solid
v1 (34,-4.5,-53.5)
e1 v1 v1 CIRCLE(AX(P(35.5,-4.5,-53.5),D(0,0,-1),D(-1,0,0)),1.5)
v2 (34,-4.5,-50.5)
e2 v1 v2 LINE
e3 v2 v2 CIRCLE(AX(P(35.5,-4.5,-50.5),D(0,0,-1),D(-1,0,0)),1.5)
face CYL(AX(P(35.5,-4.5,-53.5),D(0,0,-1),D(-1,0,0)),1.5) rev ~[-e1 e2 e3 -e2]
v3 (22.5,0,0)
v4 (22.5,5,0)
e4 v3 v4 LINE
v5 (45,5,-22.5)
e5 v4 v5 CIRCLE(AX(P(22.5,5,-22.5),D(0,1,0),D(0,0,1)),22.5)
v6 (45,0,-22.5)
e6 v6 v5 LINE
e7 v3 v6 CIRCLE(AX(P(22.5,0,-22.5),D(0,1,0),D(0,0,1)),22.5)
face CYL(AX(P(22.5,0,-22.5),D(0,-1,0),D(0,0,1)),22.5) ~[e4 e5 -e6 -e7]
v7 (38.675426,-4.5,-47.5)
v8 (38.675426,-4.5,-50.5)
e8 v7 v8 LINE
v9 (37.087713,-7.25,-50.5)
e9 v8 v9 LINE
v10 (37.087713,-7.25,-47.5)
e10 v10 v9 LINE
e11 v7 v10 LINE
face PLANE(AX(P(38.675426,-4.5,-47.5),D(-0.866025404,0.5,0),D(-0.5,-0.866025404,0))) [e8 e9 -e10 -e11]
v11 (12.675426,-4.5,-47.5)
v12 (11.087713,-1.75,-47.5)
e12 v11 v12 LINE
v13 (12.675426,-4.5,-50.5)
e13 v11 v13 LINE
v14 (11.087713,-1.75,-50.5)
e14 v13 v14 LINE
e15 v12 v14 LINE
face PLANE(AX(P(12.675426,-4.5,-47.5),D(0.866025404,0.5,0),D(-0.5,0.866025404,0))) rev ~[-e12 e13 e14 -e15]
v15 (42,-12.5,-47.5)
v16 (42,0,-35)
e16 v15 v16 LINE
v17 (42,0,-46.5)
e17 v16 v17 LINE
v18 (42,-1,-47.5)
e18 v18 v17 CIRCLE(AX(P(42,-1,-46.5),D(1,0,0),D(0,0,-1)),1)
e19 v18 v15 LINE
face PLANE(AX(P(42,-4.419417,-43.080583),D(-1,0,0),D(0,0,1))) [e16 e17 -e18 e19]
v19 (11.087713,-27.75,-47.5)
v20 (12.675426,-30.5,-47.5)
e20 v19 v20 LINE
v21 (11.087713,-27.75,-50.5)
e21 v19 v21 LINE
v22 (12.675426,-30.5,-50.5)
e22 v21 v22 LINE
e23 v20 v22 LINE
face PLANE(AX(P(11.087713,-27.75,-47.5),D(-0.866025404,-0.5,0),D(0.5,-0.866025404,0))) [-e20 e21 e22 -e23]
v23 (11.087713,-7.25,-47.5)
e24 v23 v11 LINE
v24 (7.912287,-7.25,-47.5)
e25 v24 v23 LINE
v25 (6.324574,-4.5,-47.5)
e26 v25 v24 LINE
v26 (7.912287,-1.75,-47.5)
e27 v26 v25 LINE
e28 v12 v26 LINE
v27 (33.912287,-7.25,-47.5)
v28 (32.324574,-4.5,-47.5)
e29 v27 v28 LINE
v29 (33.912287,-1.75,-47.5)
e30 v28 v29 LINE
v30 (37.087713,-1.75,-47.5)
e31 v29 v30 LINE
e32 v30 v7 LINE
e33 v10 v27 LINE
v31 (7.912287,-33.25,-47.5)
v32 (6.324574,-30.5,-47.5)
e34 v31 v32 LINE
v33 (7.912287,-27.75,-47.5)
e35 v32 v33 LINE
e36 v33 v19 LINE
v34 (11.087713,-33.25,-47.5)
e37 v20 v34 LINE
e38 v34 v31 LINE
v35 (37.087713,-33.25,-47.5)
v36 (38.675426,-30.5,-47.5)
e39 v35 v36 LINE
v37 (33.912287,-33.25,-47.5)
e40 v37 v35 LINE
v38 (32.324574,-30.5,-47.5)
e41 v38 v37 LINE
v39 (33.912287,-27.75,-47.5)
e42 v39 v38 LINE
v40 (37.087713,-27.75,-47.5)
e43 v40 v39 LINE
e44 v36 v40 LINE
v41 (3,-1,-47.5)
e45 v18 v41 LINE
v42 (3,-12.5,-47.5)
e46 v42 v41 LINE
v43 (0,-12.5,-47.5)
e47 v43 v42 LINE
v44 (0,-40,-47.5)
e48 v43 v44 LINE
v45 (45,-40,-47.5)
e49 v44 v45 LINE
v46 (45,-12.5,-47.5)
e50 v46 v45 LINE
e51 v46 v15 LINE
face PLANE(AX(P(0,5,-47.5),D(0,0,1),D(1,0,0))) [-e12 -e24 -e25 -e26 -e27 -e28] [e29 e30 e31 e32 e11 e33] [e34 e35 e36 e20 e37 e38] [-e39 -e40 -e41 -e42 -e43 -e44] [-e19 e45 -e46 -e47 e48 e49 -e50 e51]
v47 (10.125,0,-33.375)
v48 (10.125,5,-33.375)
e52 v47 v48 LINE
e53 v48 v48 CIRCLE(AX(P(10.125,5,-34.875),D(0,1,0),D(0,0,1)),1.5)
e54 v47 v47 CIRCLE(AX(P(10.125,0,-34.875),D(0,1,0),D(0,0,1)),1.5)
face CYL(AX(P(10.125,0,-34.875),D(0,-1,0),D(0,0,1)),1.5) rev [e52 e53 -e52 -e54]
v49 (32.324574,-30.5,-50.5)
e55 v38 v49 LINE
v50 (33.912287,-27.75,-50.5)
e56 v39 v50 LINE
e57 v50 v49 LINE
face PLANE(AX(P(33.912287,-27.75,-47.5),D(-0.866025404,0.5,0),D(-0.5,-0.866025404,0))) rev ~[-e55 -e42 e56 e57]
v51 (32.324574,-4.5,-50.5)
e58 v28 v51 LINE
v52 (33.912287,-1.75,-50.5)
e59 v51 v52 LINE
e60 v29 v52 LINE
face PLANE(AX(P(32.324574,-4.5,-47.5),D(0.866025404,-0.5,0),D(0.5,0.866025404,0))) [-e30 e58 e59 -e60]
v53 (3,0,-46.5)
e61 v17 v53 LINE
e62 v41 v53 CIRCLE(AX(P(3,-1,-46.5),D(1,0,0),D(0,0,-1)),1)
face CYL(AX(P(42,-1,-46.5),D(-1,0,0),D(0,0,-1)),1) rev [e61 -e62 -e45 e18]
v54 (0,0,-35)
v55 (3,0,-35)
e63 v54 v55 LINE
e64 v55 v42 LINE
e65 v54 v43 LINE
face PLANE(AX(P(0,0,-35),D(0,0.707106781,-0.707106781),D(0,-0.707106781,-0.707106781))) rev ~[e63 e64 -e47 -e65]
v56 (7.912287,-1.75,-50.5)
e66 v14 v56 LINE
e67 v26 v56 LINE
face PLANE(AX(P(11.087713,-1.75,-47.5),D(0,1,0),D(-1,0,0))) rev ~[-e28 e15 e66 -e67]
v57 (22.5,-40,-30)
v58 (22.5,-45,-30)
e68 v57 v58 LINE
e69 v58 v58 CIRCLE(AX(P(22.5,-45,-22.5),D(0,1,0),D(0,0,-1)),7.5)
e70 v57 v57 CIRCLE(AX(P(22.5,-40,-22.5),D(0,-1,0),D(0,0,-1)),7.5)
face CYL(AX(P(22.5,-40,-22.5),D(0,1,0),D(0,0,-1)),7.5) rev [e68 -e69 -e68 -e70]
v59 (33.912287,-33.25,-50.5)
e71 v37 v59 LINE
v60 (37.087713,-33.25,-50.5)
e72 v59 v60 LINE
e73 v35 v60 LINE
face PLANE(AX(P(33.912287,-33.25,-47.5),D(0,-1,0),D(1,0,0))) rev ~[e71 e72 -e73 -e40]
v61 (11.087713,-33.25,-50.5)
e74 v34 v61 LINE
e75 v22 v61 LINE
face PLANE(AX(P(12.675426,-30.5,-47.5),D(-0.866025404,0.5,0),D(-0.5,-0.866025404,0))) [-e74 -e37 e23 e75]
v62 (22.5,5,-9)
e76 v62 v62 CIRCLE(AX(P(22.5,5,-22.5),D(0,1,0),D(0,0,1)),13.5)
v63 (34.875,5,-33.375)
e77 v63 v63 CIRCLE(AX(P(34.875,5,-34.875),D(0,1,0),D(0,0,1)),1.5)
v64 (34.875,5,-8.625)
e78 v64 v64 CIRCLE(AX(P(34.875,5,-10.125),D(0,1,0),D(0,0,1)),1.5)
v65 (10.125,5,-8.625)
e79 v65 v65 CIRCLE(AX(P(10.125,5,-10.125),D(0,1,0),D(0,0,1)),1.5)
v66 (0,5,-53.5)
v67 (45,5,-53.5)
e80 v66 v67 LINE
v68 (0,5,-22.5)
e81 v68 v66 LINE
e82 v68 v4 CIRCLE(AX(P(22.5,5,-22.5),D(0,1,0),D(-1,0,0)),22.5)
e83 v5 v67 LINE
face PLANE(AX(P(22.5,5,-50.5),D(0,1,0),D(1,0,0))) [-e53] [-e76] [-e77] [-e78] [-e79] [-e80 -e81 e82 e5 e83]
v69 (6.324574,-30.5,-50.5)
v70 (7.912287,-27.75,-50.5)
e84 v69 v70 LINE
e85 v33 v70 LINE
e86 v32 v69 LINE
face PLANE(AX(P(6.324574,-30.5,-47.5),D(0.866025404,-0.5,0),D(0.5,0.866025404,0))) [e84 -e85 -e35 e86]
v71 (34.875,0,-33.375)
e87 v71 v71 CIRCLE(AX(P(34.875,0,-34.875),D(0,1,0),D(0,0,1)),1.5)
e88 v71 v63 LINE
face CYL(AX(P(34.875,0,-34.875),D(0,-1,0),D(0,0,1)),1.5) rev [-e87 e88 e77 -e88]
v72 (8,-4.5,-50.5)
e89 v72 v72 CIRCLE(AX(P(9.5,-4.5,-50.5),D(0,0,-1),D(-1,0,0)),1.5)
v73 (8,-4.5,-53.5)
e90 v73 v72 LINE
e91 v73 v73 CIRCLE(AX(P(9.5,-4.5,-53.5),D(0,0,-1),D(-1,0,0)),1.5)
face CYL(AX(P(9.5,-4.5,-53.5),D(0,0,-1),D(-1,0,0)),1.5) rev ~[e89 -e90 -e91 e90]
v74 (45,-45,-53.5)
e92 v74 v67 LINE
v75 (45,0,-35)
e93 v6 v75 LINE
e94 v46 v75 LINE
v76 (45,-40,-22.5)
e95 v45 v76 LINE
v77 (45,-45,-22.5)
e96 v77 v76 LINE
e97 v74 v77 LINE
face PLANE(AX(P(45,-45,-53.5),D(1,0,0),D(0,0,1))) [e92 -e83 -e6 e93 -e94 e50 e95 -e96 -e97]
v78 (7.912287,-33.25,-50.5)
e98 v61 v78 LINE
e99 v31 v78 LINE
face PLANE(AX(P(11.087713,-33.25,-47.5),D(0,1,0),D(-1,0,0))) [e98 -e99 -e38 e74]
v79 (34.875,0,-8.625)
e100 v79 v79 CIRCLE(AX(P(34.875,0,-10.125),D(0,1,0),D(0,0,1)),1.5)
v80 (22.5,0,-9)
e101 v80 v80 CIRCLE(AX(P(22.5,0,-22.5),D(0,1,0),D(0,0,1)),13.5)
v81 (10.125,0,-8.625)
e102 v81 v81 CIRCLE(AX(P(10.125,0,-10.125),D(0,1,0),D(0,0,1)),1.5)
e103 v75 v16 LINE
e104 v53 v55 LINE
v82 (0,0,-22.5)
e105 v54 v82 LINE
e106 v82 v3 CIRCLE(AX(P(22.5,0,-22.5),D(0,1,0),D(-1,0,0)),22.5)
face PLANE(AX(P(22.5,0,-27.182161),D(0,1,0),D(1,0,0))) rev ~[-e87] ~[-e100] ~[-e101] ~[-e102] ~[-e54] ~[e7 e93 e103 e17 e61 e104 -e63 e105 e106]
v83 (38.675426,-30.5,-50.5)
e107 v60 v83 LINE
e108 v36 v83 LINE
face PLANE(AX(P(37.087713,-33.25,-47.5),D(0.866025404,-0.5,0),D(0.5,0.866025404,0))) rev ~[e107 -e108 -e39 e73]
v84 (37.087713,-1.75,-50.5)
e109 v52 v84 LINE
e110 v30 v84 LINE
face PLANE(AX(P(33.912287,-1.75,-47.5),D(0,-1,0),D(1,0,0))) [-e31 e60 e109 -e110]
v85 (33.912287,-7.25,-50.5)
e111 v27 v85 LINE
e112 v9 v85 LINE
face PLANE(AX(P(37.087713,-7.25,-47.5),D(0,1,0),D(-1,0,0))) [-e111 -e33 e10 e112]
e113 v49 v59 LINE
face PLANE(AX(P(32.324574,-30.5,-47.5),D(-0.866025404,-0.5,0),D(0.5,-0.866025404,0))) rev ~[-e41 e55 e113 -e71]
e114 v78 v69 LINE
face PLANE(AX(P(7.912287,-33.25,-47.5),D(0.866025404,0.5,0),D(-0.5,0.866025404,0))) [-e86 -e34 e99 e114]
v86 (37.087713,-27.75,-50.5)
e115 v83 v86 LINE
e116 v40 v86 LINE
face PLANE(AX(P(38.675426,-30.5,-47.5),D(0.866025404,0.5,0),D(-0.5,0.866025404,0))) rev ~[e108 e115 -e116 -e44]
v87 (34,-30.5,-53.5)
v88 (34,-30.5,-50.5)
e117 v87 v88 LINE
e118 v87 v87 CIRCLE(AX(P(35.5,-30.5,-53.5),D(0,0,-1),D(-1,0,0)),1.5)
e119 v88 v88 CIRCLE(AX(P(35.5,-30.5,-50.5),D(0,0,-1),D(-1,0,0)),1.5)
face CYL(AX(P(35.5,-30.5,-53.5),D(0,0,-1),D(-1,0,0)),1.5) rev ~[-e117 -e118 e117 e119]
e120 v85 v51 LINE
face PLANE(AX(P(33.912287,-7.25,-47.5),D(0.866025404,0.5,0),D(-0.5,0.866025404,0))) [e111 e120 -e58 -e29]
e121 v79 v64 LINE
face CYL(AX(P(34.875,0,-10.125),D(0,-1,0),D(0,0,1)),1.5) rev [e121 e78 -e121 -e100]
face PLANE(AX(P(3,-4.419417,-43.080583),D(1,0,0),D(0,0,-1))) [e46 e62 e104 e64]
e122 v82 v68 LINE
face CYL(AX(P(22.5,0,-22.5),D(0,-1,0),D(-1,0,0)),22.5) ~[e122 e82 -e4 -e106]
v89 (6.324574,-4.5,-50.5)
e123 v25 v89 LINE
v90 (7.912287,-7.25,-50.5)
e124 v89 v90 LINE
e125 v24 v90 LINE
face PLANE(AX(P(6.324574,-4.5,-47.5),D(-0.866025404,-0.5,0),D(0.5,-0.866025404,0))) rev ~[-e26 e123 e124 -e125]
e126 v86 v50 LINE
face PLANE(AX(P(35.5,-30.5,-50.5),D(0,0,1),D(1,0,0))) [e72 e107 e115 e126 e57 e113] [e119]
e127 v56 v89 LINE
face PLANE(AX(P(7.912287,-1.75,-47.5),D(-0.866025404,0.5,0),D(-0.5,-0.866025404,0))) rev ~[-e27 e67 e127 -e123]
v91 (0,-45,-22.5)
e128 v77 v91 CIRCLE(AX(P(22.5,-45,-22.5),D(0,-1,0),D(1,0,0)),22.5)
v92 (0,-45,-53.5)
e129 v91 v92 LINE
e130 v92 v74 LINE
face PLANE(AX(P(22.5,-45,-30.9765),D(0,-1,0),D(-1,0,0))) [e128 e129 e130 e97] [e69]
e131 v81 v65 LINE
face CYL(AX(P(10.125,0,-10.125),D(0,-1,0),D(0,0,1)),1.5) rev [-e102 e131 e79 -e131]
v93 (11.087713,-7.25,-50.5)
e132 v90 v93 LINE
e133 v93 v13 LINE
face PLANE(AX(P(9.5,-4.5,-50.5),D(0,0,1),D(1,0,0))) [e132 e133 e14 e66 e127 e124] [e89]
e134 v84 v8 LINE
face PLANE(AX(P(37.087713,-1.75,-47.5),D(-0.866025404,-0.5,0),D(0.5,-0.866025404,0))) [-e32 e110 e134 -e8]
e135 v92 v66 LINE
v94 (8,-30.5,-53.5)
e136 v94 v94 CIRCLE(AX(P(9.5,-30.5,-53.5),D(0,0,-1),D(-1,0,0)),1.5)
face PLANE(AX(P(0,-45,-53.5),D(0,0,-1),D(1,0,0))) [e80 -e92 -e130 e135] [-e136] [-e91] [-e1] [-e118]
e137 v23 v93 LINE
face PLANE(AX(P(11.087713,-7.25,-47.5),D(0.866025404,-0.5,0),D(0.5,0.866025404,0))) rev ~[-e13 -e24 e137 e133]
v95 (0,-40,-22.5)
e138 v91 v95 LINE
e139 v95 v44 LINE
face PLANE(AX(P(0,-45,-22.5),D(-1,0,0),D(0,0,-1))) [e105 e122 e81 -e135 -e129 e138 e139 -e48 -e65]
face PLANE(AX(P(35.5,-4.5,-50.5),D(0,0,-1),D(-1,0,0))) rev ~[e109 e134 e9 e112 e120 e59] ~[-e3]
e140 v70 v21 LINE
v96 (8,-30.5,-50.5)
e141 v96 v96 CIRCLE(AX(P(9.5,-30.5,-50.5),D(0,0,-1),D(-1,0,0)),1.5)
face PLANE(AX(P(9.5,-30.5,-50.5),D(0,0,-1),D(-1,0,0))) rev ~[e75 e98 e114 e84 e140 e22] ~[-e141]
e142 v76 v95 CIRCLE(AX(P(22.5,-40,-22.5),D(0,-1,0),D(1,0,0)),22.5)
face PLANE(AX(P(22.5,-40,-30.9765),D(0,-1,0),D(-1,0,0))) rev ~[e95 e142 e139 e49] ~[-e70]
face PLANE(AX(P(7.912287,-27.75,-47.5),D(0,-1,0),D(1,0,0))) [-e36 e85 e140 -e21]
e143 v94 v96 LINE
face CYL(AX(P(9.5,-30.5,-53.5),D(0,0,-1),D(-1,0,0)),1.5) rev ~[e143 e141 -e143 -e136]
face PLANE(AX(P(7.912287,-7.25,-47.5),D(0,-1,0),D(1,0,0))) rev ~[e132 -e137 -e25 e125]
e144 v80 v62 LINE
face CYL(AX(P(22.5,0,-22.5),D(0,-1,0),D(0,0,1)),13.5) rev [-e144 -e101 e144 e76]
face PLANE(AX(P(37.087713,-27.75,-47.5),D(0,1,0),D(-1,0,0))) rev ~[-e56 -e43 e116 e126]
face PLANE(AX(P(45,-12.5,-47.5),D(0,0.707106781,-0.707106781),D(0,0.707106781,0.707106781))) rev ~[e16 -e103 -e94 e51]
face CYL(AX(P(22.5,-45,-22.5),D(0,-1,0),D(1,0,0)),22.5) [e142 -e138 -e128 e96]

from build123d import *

# Parameters (mm, degrees)
SKETCH_1_R          = 1.5
SKETCH_1_R_2        = 13.5
EXTRUDE_1_DEPTH     = 5
SKETCH_2_W          = 45
SKETCH_2_H          = 6
EXTRUDE_2_DEPTH     = 45
CUT_EXTRUDE_1_REACH = 82.543
SKETCH_4_R          = 1.5
EXTRUDE_3_DEPTH     = 3
EXTRUDE_4_DEPTH     = 3
FILLET_1_R          = 1
CUT_EXTRUDE_2_DEPTH = 3
EXTRUDE_START       = 5
EXTRUDE_5_DEPTH     = 5
CUT_EXTRUDE_3_REACH = 85.14
SKETCH_9_R          = 7.5


with BuildPart() as part:
    # 草图1 → 凸台-拉伸1 (new body)
    with BuildSketch(Plane(origin=(0, 0, 0), x_dir=(1, 0, 0), z_dir=(0, 1, 0))):
        with BuildLine():
            ThreePointArc((0, 22.5), (6.590097423, 6.590097423), (22.5, 0))
            ThreePointArc((22.5, 0), (38.409902577, 6.590097423), (45, 22.5))
            Line((45, 22.5), (45, 47.5))
            Line((45, 47.5), (0, 47.5))
            Line((0, 47.5), (0, 22.5))
        make_face()
        with Locations(Location((10.125, 10.125, 0), (0, 0, 270))):
            Circle(SKETCH_1_R, mode=Mode.SUBTRACT)
        with Locations(Location((34.875, 10.125, 0), (0, 0, 270))):
            Circle(SKETCH_1_R, mode=Mode.SUBTRACT)
        with Locations(Location((22.5, 22.5, 0), (0, 0, 270))):
            Circle(SKETCH_1_R_2, mode=Mode.SUBTRACT)
        with Locations(Location((10.125, 34.875, 0), (0, 0, 270))):
            Circle(SKETCH_1_R, mode=Mode.SUBTRACT)
        with Locations(Location((34.875, 34.875, 0), (0, 0, 270))):
            Circle(SKETCH_1_R, mode=Mode.SUBTRACT)
    extrude(amount=EXTRUDE_1_DEPTH)

    # 草图2 → 凸台-拉伸2 (add)
    with BuildSketch(Plane(origin=(0, 5, 0), x_dir=(1, 0, 0), z_dir=(0, 1, 0))):
        with Locations((22.5, 50.5)):
            Rectangle(SKETCH_2_W, SKETCH_2_H)
    extrude(amount=-EXTRUDE_2_DEPTH)

    # 草图4 → 切除-拉伸1 (cut, up to next)
    with BuildSketch(Plane(origin=(0, 0, -53.5), x_dir=(-1, 0, 0), z_dir=(0, 0, -1)), mode=Mode.PRIVATE) as cut_extrude_1_sk1:
        with Locations((-9.5, -4.5)):
            Circle(SKETCH_4_R)
    cut_extrude_1_tool1 = extrude(cut_extrude_1_sk1.sketch, amount=-CUT_EXTRUDE_1_REACH, mode=Mode.PRIVATE) & part.part
    # 草图4 → 切除-拉伸1 (cut, up to next)
    with BuildSketch(Plane(origin=(0, 0, -53.5), x_dir=(-1, 0, 0), z_dir=(0, 0, -1)), mode=Mode.PRIVATE) as cut_extrude_1_sk2:
        with Locations((-9.5, -30.5)):
            Circle(SKETCH_4_R)
    cut_extrude_1_tool2 = extrude(cut_extrude_1_sk2.sketch, amount=-CUT_EXTRUDE_1_REACH, mode=Mode.PRIVATE) & part.part
    # 草图4 → 切除-拉伸1 (cut, up to next)
    with BuildSketch(Plane(origin=(0, 0, -53.5), x_dir=(-1, 0, 0), z_dir=(0, 0, -1)), mode=Mode.PRIVATE) as cut_extrude_1_sk3:
        with Locations((-35.5, -30.5)):
            Circle(SKETCH_4_R)
    cut_extrude_1_tool3 = extrude(cut_extrude_1_sk3.sketch, amount=-CUT_EXTRUDE_1_REACH, mode=Mode.PRIVATE) & part.part
    # 草图4 → 切除-拉伸1 (cut, up to next)
    with BuildSketch(Plane(origin=(0, 0, -53.5), x_dir=(-1, 0, 0), z_dir=(0, 0, -1)), mode=Mode.PRIVATE) as cut_extrude_1_sk4:
        with Locations((-35.5, -4.5)):
            Circle(SKETCH_4_R)
    cut_extrude_1_tool4 = extrude(cut_extrude_1_sk4.sketch, amount=-CUT_EXTRUDE_1_REACH, mode=Mode.PRIVATE) & part.part
    add(cut_extrude_1_tool1.solids().sort_by_distance((9.5, -4.5, -53.5))[0], mode=Mode.SUBTRACT)
    add(cut_extrude_1_tool2.solids().sort_by_distance((9.5, -30.5, -53.5))[0], mode=Mode.SUBTRACT)
    add(cut_extrude_1_tool3.solids().sort_by_distance((35.5, -30.5, -53.5))[0], mode=Mode.SUBTRACT)
    add(cut_extrude_1_tool4.solids().sort_by_distance((35.5, -4.5, -53.5))[0], mode=Mode.SUBTRACT)

    # 草图5 → 凸台-拉伸3 (add)
    with BuildSketch(Plane.ZY):
        Polygon((-47.5, 0), (-35, 0), (-47.5, -12.5), align=None)
    extrude(amount=-EXTRUDE_3_DEPTH)

    # 草图6 → 凸台-拉伸4 (add)
    with BuildSketch(Plane(origin=(45, 0, 0), x_dir=(0, 0, -1), z_dir=(1, 0, 0))):
        Polygon((35, 0), (47.5, 0), (47.5, -12.5), align=None)
    extrude(amount=-EXTRUDE_4_DEPTH)

    # 圆角1
    fillet_1_edges = [part.edges().sort_by_distance(p)[0] for p in [
        (22.5, 0, -47.5),
    ]]
    fillet(fillet_1_edges, radius=FILLET_1_R)

    # 草图7 → 切除-拉伸2 (cut)
    with BuildSketch(Plane.XY.offset(-47.5)):
        Polygon((11.08771324, -33.25), (7.91228676, -33.25), (6.324573519, -30.5), (7.91228676, -27.75), (11.08771324, -27.75), (12.675426481, -30.5), align=None)
        Polygon((37.08771324, -33.25), (38.675426481, -30.5), (37.08771324, -27.75), (33.91228676, -27.75), (32.324573519, -30.5), (33.91228676, -33.25), align=None)
        Polygon((33.91228676, -1.75), (37.08771324, -1.75), (38.675426481, -4.5), (37.08771324, -7.25), (33.91228676, -7.25), (32.324573519, -4.5), align=None)
        Polygon((7.91228676, -1.75), (6.324573519, -4.5), (7.91228676, -7.25), (11.08771324, -7.25), (12.675426481, -4.5), (11.08771324, -1.75), align=None)
    extrude(amount=-CUT_EXTRUDE_2_DEPTH, mode=Mode.SUBTRACT)

    # 草图8 → 凸台-拉伸5 (add)
    with BuildSketch(Plane(origin=(0, -40, 0), x_dir=(-1, 0, 0), z_dir=(0, -1, 0)).offset(EXTRUDE_START)):
        with BuildLine():
            Line((-45, 53.5), (-45, 22.5))
            ThreePointArc((-45, 22.5), (-22.5, 0), (0, 22.5))
            Line((0, 22.5), (0, 53.5))
            Line((0, 53.5), (-45, 53.5))
        make_face()
    extrude(amount=-EXTRUDE_5_DEPTH)

    # 草图9 → 切除-拉伸3 (cut, up to next)
    with BuildSketch(Plane(origin=(0, -40, 0), x_dir=(-1, 0, 0), z_dir=(0, -1, 0)), mode=Mode.PRIVATE) as cut_extrude_3_sk1:
        with Locations(Location((-22.5, 22.5, 0), (0, 0, 90))):
            Circle(SKETCH_9_R)
    cut_extrude_3_tool1 = extrude(cut_extrude_3_sk1.sketch, amount=CUT_EXTRUDE_3_REACH, mode=Mode.PRIVATE) & part.part
    add(cut_extrude_3_tool1.solids().sort_by_distance((22.5, -40, -22.5))[0], mode=Mode.SUBTRACT)


solid = part.part
